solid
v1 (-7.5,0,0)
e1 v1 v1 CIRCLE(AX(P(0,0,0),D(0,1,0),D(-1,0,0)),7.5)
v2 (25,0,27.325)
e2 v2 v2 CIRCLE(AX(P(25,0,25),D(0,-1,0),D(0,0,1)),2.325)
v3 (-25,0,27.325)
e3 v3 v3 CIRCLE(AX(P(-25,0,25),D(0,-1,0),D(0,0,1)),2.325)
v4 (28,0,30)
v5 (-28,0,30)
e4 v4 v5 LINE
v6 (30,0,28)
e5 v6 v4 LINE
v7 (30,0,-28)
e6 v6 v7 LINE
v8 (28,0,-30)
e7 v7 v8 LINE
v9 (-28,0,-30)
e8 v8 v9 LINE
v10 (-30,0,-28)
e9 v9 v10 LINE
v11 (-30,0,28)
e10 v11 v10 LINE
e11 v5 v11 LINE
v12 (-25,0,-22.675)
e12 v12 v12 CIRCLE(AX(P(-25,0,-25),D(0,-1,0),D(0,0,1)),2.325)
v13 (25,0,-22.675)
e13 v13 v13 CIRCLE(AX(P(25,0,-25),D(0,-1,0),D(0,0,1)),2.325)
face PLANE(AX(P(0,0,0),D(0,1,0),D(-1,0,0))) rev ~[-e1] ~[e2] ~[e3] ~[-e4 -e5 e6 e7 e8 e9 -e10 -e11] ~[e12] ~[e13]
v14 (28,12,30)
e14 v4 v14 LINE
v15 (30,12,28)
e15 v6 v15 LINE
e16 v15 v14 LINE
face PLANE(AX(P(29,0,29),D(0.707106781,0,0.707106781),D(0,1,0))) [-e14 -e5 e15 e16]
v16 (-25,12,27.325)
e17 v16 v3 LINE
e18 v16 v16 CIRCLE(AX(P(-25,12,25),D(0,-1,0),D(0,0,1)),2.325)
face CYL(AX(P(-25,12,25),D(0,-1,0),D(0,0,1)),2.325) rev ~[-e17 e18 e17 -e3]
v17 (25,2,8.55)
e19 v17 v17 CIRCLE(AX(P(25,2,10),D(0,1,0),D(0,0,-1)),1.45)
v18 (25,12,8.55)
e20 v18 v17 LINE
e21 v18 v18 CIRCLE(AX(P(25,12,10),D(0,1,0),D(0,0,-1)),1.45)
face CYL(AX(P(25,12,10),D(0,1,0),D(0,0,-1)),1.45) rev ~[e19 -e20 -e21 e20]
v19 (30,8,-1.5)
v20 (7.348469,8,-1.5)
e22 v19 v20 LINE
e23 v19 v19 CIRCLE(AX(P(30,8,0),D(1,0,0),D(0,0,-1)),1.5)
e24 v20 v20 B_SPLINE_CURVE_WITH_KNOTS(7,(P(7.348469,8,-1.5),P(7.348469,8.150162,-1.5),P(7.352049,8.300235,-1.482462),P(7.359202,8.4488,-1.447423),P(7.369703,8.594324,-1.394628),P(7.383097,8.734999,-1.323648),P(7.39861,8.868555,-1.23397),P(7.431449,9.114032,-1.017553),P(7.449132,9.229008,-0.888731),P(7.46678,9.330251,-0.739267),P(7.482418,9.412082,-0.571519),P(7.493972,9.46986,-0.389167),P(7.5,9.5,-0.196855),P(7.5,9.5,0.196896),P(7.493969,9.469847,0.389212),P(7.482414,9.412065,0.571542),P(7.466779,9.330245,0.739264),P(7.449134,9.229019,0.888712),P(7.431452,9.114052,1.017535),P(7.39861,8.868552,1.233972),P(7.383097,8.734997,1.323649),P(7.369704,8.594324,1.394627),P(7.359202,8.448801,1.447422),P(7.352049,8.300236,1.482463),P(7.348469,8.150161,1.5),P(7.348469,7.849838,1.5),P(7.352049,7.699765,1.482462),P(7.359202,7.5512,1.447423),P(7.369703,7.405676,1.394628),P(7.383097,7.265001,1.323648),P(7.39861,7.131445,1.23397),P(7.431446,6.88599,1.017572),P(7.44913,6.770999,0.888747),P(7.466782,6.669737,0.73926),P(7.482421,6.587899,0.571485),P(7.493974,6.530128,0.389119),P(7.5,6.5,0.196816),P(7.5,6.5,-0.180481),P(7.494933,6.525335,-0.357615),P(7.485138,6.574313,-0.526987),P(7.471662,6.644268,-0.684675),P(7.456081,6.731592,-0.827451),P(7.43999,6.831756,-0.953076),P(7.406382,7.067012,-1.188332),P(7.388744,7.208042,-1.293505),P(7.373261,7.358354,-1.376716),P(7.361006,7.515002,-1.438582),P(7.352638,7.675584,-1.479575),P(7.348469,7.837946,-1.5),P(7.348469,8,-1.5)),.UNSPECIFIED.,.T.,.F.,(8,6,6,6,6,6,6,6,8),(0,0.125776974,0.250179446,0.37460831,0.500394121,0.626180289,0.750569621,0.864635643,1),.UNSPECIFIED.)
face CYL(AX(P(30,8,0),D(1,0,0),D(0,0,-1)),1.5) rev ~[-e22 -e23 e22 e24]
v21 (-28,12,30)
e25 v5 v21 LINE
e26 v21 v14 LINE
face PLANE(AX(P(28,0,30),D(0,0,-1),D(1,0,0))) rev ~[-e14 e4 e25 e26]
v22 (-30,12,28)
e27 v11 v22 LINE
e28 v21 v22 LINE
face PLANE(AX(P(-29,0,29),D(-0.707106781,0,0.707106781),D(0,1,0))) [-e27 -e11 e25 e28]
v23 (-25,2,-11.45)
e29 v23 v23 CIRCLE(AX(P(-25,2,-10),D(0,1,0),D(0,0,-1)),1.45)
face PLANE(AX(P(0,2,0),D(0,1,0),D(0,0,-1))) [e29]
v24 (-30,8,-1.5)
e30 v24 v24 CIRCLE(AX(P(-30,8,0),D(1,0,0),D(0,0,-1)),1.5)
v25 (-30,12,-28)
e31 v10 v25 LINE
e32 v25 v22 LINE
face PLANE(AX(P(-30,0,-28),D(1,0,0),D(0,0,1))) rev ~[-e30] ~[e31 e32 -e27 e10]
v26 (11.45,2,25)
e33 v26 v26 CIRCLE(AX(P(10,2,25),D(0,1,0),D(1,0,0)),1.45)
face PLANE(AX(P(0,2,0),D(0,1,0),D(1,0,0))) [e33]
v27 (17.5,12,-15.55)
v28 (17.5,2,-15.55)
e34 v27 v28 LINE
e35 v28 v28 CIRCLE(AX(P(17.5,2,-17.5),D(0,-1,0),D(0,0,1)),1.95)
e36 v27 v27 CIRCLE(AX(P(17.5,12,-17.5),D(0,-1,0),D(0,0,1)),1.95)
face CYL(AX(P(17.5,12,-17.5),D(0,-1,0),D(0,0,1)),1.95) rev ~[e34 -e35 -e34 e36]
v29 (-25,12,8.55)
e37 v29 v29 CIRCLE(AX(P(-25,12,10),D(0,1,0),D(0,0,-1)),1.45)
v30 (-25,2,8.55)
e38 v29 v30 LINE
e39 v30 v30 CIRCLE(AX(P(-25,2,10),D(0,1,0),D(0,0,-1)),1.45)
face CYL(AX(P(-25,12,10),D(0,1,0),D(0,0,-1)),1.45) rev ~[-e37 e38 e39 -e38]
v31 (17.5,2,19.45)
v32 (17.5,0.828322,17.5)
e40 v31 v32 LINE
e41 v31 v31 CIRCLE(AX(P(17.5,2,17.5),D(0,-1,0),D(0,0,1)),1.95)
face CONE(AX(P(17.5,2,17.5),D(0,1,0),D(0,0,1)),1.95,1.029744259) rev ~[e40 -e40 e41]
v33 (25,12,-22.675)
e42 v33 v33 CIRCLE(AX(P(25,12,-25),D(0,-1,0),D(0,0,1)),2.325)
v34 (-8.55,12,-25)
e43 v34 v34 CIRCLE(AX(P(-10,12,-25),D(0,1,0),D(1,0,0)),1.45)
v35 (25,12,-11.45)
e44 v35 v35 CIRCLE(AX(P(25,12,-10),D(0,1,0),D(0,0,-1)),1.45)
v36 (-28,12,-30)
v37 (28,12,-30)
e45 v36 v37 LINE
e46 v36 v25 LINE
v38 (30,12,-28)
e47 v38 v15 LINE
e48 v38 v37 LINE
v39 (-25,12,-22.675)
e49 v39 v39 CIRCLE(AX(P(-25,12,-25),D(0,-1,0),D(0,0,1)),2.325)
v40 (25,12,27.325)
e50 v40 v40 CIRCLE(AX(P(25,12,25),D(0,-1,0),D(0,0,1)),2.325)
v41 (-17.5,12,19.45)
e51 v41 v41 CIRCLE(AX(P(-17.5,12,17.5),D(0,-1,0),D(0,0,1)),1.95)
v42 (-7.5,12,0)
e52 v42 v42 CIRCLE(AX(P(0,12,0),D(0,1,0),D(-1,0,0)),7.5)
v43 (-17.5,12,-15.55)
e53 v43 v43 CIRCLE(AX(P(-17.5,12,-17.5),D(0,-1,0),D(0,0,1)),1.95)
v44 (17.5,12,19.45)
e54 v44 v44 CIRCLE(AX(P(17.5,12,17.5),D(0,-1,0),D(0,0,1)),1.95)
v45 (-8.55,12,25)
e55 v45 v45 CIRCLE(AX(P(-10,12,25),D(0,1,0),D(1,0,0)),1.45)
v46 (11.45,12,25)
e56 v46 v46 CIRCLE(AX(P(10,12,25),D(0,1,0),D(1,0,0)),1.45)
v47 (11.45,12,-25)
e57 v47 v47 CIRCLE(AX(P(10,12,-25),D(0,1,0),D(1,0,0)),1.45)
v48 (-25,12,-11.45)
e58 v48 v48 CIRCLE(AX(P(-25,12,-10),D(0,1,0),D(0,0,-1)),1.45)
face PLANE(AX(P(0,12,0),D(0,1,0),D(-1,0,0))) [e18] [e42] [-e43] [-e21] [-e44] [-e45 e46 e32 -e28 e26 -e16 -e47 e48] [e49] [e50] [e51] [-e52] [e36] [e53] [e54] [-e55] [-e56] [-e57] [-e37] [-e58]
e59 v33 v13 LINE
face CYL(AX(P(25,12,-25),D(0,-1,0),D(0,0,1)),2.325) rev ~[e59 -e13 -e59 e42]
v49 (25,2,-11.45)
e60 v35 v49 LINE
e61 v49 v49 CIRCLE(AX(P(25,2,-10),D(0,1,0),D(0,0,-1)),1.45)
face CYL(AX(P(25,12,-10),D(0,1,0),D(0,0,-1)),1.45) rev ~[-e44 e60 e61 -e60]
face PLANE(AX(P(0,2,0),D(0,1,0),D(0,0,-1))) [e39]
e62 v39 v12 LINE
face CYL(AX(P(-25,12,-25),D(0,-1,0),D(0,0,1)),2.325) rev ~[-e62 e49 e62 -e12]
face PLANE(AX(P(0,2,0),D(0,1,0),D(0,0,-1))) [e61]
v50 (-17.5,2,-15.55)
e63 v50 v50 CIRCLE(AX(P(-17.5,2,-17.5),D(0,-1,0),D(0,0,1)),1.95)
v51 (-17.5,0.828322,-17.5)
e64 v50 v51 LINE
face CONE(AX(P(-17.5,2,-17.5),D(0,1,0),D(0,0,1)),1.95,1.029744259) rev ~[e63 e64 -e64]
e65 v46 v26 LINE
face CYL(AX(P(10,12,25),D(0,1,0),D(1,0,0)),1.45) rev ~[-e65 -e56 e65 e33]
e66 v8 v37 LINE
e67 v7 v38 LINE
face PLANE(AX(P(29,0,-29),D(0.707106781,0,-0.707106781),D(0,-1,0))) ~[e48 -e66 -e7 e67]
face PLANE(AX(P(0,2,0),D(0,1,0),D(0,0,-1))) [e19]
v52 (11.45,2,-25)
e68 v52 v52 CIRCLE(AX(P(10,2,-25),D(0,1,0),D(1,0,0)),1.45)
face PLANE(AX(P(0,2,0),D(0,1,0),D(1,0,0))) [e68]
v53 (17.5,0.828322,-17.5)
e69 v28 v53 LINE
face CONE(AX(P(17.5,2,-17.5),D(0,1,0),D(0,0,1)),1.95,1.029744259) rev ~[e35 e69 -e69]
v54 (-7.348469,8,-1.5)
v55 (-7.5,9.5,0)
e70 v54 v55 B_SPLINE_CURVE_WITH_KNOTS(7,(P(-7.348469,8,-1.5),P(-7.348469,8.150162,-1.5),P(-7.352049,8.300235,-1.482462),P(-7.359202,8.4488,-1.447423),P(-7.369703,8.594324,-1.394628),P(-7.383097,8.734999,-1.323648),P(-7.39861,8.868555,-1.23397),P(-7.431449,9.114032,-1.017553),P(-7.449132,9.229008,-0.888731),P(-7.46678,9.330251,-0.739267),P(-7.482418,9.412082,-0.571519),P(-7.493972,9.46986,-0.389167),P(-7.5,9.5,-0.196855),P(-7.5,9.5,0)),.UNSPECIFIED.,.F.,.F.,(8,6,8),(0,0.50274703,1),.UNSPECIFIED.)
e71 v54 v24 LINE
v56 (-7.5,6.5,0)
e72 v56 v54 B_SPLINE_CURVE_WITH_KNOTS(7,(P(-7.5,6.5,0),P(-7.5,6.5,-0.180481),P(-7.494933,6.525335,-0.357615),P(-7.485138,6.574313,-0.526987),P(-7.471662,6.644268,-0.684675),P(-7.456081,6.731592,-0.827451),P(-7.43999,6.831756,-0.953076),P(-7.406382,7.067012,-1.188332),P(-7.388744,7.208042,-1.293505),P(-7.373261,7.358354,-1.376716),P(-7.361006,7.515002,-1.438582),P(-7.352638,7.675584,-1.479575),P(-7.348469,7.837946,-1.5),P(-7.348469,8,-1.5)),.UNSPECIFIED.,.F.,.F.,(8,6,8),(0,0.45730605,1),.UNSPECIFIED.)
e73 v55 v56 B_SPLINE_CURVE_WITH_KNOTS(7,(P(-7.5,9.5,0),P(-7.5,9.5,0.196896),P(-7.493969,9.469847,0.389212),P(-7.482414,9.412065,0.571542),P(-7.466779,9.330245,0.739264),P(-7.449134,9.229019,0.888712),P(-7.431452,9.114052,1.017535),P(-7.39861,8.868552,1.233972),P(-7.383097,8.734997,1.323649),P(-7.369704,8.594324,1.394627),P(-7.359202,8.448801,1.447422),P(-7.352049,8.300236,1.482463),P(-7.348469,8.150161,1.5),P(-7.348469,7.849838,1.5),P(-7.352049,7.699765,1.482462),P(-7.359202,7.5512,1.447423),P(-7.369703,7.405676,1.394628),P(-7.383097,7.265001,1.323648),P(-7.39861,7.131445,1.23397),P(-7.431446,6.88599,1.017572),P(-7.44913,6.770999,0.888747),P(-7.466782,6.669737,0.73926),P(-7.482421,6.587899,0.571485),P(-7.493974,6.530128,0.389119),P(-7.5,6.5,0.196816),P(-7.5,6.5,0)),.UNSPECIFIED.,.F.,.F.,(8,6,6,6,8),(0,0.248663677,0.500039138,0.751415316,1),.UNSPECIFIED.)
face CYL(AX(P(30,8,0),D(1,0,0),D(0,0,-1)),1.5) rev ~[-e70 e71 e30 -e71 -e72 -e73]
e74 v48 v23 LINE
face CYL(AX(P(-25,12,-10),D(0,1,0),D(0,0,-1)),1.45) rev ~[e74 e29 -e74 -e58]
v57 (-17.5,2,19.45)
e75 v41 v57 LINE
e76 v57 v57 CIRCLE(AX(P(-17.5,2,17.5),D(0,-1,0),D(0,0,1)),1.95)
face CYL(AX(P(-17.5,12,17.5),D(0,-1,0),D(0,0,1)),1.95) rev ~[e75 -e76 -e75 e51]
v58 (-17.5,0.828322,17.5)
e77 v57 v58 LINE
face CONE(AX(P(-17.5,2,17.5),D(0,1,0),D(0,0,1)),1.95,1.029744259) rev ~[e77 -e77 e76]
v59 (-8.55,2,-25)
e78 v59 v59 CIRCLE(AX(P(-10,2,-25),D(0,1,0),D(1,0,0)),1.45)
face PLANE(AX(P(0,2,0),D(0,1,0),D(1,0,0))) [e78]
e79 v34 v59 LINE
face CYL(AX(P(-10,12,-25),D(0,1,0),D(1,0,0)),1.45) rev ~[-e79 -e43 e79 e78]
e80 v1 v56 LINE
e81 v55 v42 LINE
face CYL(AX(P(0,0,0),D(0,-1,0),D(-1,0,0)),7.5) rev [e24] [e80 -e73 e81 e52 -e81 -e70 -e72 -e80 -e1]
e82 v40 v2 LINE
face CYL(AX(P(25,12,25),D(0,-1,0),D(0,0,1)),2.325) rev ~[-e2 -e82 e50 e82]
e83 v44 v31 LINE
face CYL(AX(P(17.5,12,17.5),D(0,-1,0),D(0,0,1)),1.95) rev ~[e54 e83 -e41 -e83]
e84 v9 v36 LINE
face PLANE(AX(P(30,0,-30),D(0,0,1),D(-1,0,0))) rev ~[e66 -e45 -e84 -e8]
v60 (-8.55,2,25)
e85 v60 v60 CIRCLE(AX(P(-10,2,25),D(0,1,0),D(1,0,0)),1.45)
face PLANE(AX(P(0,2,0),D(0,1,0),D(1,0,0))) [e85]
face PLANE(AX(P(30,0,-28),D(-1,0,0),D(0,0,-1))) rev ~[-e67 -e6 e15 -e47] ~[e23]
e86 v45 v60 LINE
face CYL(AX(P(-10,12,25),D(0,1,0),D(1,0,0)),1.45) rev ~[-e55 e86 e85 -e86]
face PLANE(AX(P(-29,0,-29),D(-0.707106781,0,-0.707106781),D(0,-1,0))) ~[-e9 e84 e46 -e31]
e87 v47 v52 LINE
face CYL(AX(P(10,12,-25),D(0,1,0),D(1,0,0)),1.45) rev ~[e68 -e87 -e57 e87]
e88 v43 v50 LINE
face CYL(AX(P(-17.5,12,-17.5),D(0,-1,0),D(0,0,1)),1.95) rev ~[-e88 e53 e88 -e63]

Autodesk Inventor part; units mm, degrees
ref_plane "YZ Plane" through (0, 0, 0) normal (1, 0, 0) x (0, 1, 0)
ref_plane "XZ Plane" through (0, 0, 0) normal (0, 1, 0) x (-1, 0, 0)
ref_plane "XY Plane" through (0, 0, 0) normal (0, 0, 1) x (1, 0, 0)
sketch "Sketch1" plane through (0, 0, 0) normal (0, 1, 0) x (-1, 0, 0)
  line L0 (-30, -30) -> (30, -30)
  line L1 (30, -30) -> (30, 30)
  line L2 (30, 30) -> (-30, 30)
  line L3 (-30, 30) -> (-30, -30)
  line L4 (-30, -30) -> (30, 30) construction
  line L5 (30, -30) -> (-30, 30) construction
  circle A0 centre (0, 0) radius 7.5
  circle A1 centre (-25, 25) radius 1.95 projected
  circle A2 centre (0, 25) radius 1.95 projected
  circle A3 centre (0, 25) radius 1.95 projected
  circle A4 centre (25, 0) radius 1.95 projected
  circle A5 centre (25, -25) radius 1.95 projected
  circle A6 centre (-25, 25) radius 1.95 projected
  circle A7 centre (-25, -25) radius 1.95 projected
  circle A8 centre (25, 25) radius 1.95 projected
  circle A9 centre (-25, 0) radius 1.95 projected
  circle A10 centre (0, -25) radius 1.95 projected
  line L6 (28, 30) -> (30, 28) projected
  line L7 (30, 28) -> (30, -28) projected
  line L8 (30, -28) -> (28, -30) projected
  line L9 (28, -30) -> (-28, -30) projected
  line L10 (-28, -30) -> (-30, -28) projected
  line L11 (-30, -28) -> (-30, 28) projected
  line L12 (-30, 28) -> (-28, 30) projected
  line L13 (-28, 30) -> (28, 30) projected
  dimension "d0" = 60
  dimension "d1" = 60
  dimension "d13" = 15
extrude "Extrusion1" add sketch "Sketch1" along normal blind 12 contours L3 L10 L0 | L10 L3 L12 L2 L6 L1 L8 L0 | L8 L1 L0 | L3 L2 L12 | L6 L2 L1 | A1 | A2 | A4 | A5 | A7 | A8 | A9 | A10
sketch "Sketch2" plane through (0, 12, 0) normal (0, 1, 0) x (1, 0, 0)
  line L0 (30, 30) -> (-30, 30) projected
  line L1 (-30, 30) -> (-30, -30) projected
  line L2 (-30, -30) -> (30, -30) projected
  line L3 (30, -30) -> (30, 30) projected
  line L4 (17.5, -17.5) -> (-17.5, -17.5)
  line L5 (-17.5, -17.5) -> (-17.5, 17.5)
  line L6 (-17.5, 17.5) -> (17.5, 17.5)
  line L7 (17.5, 17.5) -> (17.5, -17.5)
  line L8 (17.5, -17.5) -> (-17.5, 17.5) construction
  line L9 (-17.5, -17.5) -> (17.5, 17.5) construction
  line L10 (0, -17.5) -> (0, 17.5)
  line L11 (-17.5, 0) -> (17.5, 0)
  point P0 (0, 0)
  dimension "d4" = 35
  dimension "d5" = 35
hole "Hole1" at (-17.5, 12, 17.5) at (-17.5, 12, -17.5) at (17.5, 12, -17.5) at (17.5, 12, 17.5) direction (0, -1, 0) diameter 3.9 depth 10 tip angle 118
chamfer "Chamfer1" distance 2 angle 45 4 edges at (30, 6, 30) (30, 6, -30) (-30, 6, -30) (-30, 6, 30)
sketch "Sketch3" plane through (0, 12, 0) normal (0, 1, 0) x (1, 0, 0)
  line L0 (-28, -30) -> (-30, -28) projected
  line L1 (-28, -30) -> (28, -30) projected
  line L2 (30, -28) -> (28, -30) projected
  line L3 (30, -28) -> (30, 28) projected
  line L4 (28, 30) -> (30, 28) projected
  line L5 (28, 30) -> (-28, 30) projected
  line L6 (-30, 28) -> (-28, 30) projected
  line L7 (-30, 28) -> (-30, -28) projected
  circle A0 centre (17.5, 17.5) radius 1.95 projected
  circle A1 centre (-17.5, -17.5) radius 1.95 projected
  circle A2 centre (-17.5, 17.5) radius 1.95 projected
  circle A3 centre (17.5, -17.5) radius 1.95 projected
  circle A4 centre (0, 0) radius 7.5 projected
  line L8 (25, -25) -> (-25, -25)
  line L9 (-25, -25) -> (-25, 25)
  line L10 (-25, 25) -> (25, 25)
  line L11 (25, 25) -> (25, -25)
  line L12 (25, -25) -> (-25, 25) construction
  line L13 (-25, -25) -> (25, 25) construction
  dimension "d17" = 50
  dimension "d18" = 50
hole "Hole2" at (-25, 12, -25) at (25, 12, -25) at (25, 12, 25) at (-25, 12, 25) direction (0, -1, 0) diameter 4.65 end through all
sketch "Sketch4" plane through (30, 0, 28) normal (1, 0, 0) x (0, 0, -1)
  line L0 (56, 12) -> (56, 0) projected
  line L1 (0, 12) -> (56, 12) projected
  line L2 (0, 0) -> (0, 12) projected
  line L3 (0, 0) -> (56, 0) projected
  circle A0 centre (28, 8) radius 1.5
  line L4 (-2, 12) -> (-2, 0) projected
  point P0 (28, 0)
  dimension "d26" = 3
  dimension "d27" = 4
  dimension "d28" = 30
extrude "Extrusion2" cut sketch "Sketch4" against normal through all contours A0
sketch "Sketch5" plane through (0, 12, 0) normal (0, 1, 0) x (1, 0, 0)
  circle A0 centre (25, -25) radius 2.325 projected
  circle A1 centre (-25, -25) radius 2.325 projected
  circle A2 centre (25, 25) radius 2.325 projected
  circle A3 centre (-25, 25) radius 2.325 projected
  circle A4 centre (10, -25) radius 1.45
  circle A5 centre (-10, -25) radius 1.45
  circle A6 centre (10, 25) radius 1.45
  circle A7 centre (-10, 25) radius 1.45
  point P0 (0, 0)
  dimension "d31" = 2.9
  dimension "d32" = 2.9
  dimension "d33" = 15
  dimension "d34" = 15
  dimension "d35" = 2.9
  dimension "d36" = 2.9
extrude "Extrusion3" cut sketch "Sketch5" against normal blind 10 contours A4 | A5 | A6 | A7
pattern_circular "Circular Pattern1" count 2 over 90 about axis through (0, 0, 0) along (0, 1, 0) of "Extrusion3"
properties part number "00_XY_stage-CHUO_SEIKI_LD-647-R1-Top"
